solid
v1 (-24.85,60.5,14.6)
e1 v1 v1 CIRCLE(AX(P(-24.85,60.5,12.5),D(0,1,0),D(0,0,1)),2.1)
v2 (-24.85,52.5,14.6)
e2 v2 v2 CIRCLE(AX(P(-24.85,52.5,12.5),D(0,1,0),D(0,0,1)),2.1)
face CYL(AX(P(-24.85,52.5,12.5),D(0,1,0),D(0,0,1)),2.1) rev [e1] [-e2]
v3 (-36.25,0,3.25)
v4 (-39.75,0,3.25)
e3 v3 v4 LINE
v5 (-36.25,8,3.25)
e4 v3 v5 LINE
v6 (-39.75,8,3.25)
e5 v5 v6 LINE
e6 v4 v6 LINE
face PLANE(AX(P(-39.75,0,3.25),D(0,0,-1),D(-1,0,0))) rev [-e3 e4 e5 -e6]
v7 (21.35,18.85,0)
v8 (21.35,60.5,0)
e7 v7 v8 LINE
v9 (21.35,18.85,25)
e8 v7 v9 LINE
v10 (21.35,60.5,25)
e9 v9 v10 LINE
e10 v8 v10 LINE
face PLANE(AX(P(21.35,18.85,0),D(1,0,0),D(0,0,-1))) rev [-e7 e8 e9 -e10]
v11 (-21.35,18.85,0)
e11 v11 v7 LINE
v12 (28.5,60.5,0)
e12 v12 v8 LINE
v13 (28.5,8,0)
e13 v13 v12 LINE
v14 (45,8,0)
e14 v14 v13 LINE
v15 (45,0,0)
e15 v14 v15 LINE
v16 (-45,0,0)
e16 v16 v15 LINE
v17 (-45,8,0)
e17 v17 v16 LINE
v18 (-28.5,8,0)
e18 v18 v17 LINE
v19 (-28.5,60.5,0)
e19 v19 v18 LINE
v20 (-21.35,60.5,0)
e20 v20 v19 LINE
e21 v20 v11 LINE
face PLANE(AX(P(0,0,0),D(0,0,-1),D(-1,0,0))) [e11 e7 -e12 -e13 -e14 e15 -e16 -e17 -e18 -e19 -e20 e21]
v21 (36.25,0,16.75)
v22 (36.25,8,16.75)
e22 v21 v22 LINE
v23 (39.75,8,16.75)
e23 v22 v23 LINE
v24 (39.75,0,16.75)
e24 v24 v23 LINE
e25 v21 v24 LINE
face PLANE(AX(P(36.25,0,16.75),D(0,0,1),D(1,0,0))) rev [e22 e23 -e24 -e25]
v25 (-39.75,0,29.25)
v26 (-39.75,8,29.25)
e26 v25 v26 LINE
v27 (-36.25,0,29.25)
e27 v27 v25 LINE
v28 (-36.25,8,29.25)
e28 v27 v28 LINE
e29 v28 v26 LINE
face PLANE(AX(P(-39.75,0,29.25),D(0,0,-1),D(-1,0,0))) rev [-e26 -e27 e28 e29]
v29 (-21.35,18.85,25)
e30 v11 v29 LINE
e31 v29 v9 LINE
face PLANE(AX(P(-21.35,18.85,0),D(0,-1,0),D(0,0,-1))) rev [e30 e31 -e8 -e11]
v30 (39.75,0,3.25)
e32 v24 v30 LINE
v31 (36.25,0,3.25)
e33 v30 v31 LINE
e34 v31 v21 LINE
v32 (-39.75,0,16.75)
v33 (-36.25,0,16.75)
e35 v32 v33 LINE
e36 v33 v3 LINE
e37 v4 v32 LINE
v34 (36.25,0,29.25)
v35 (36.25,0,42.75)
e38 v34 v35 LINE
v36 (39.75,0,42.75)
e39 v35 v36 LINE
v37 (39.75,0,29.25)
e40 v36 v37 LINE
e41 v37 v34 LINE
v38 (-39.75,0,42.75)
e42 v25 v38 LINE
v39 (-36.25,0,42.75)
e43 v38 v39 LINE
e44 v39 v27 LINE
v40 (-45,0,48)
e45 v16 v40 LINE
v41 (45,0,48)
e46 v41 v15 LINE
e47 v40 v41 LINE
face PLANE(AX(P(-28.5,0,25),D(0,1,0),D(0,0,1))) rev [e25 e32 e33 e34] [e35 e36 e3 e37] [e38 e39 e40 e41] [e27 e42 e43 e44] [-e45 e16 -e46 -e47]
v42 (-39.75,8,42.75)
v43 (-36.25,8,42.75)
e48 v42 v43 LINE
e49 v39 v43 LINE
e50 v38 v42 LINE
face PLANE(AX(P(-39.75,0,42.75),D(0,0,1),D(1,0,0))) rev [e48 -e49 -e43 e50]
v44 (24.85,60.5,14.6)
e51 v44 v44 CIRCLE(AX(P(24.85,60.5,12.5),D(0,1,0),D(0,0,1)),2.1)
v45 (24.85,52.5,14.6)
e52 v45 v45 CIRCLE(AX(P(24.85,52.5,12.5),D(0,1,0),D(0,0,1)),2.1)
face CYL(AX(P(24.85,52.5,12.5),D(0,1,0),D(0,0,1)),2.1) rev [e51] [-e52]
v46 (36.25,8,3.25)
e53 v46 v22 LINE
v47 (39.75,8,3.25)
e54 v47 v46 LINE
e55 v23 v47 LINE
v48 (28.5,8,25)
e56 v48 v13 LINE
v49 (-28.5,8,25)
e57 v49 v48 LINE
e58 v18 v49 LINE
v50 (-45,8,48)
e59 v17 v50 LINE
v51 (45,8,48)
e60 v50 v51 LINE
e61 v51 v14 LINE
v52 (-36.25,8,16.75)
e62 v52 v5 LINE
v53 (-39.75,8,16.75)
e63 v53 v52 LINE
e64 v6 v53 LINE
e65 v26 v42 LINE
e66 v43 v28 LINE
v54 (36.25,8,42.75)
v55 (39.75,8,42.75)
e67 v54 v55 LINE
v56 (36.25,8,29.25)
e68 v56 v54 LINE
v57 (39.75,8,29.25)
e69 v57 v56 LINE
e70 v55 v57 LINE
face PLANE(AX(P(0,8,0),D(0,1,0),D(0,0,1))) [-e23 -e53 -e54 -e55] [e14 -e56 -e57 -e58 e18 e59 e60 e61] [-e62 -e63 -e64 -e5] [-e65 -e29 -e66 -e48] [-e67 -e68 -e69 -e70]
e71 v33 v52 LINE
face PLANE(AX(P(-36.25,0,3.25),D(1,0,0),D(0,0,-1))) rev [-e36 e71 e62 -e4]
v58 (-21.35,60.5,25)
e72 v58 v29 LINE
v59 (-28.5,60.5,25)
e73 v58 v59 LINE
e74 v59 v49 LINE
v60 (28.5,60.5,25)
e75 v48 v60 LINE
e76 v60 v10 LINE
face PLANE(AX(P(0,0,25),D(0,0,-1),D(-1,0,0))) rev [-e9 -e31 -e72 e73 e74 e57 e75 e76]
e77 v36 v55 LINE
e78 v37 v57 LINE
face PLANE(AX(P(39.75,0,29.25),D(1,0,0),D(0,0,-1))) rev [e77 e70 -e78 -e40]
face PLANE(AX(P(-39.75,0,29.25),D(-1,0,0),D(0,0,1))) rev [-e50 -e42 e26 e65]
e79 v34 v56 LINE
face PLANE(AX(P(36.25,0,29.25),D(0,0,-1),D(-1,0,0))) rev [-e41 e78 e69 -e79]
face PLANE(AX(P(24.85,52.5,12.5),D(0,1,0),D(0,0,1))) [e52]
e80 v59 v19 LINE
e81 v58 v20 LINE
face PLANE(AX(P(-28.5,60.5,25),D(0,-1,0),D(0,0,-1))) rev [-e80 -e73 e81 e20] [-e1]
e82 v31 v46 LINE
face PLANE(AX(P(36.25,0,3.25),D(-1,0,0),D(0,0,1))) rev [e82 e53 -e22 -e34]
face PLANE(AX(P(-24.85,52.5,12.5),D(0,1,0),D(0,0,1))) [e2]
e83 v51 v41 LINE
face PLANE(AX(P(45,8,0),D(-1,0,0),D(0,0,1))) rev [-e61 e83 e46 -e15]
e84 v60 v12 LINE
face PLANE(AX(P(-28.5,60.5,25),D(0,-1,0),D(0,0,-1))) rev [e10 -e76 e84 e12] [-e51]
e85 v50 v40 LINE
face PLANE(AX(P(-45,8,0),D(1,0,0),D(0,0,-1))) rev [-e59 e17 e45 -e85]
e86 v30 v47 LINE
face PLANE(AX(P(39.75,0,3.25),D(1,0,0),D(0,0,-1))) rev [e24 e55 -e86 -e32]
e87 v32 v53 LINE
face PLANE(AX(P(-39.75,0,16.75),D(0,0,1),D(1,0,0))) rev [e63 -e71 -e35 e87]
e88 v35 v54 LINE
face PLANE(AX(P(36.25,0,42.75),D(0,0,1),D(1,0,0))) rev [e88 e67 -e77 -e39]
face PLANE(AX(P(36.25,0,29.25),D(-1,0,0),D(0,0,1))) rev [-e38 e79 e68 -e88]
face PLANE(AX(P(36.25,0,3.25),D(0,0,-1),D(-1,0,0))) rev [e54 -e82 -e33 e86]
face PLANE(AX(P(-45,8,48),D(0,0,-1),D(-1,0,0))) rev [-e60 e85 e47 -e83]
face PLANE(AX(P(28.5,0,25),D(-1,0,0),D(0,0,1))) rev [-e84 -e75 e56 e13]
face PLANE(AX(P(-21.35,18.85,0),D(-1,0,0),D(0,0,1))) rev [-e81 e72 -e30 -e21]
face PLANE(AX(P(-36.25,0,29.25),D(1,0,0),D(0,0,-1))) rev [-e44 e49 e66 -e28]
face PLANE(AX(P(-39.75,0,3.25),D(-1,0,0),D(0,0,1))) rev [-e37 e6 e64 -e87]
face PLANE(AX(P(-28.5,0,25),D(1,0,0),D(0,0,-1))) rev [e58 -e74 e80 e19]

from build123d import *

# Parameters (mm, degrees)
SKETCH1_W            = 57
SKETCH1_H            = 60.5
BOSS_EXTRUDE1_DEPTH  = 25
SKETCH2_W            = 42.7
SKETCH2_H            = 43.793176539
CUT_EXTRUDE1_DEPTH   = 72.396778639
SKETCH3_W            = 90
SKETCH3_H            = 48
BOSS_EXTRUDE2_DEPTH  = 8
SKETCH4_W            = 3.5
SKETCH4_H            = 13.5
CUT_EXTRUDE2_DEPTH   = 85.17392708
LPATTERN1_COUNT      = 2
LPATTERN1_PITCH      = 76
LPATTERN1_COUNT_DIR2 = 2
LPATTERN1_PITCH_DIR2 = 26
SKETCH5_R            = 2.1
CUT_EXTRUDE3_DEPTH   = 8


with BuildPart() as part:
    # Sketch1 → Boss-Extrude1 (new body)
    with BuildSketch(Plane.XY):
        with Locations((0, 30.25)):
            Rectangle(SKETCH1_W, SKETCH1_H)
    extrude(amount=BOSS_EXTRUDE1_DEPTH)

    # Sketch2 → Cut-Extrude1 (cut, through all)
    with BuildSketch(Plane.XY.offset(25)):
        with Locations((0, 40.74658827)):
            Rectangle(SKETCH2_W, SKETCH2_H)
    extrude(amount=-CUT_EXTRUDE1_DEPTH, mode=Mode.SUBTRACT)

    # Sketch3 → Boss-Extrude2 (add)
    with BuildSketch(Plane(origin=(0, 0, 0), x_dir=(1, 0, 0), z_dir=(0, 1, 0))):
        with Locations((0, -24)):
            Rectangle(SKETCH3_W, SKETCH3_H)
    extrude(amount=BOSS_EXTRUDE2_DEPTH)

    # Sketch4 → Cut-Extrude2 (cut, through all)
    with BuildSketch(Plane(origin=(0, 8, 0), x_dir=(1, 0, 0), z_dir=(0, 1, 0))):
        with Locations((-38, -10)):
            Rectangle(SKETCH4_W, SKETCH4_H)
    cut_extrude2 = extrude(amount=-CUT_EXTRUDE2_DEPTH, mode=Mode.SUBTRACT)

    # LPattern1: Cut-Extrude2 2 × 2
    with Locations(*[(i * LPATTERN1_PITCH, 0, j * LPATTERN1_PITCH_DIR2) for i in range(LPATTERN1_COUNT) for j in range(LPATTERN1_COUNT_DIR2) if (i, j) != (0, 0)]):
        add(cut_extrude2, mode=Mode.SUBTRACT)

    # Sketch5 → Cut-Extrude3 (cut)
    with BuildSketch(Plane(origin=(0, 60.5, 0), x_dir=(1, 0, 0), z_dir=(0, 1, 0))):
        with Locations(Location((-24.85, -12.5, 0), (0, 0, 270))):
            Circle(SKETCH5_R)
        with Locations(Location((24.85, -12.5, 0), (0, 0, 270))):
            Circle(SKETCH5_R)
    extrude(amount=-CUT_EXTRUDE3_DEPTH, mode=Mode.SUBTRACT)


solid = part.part
